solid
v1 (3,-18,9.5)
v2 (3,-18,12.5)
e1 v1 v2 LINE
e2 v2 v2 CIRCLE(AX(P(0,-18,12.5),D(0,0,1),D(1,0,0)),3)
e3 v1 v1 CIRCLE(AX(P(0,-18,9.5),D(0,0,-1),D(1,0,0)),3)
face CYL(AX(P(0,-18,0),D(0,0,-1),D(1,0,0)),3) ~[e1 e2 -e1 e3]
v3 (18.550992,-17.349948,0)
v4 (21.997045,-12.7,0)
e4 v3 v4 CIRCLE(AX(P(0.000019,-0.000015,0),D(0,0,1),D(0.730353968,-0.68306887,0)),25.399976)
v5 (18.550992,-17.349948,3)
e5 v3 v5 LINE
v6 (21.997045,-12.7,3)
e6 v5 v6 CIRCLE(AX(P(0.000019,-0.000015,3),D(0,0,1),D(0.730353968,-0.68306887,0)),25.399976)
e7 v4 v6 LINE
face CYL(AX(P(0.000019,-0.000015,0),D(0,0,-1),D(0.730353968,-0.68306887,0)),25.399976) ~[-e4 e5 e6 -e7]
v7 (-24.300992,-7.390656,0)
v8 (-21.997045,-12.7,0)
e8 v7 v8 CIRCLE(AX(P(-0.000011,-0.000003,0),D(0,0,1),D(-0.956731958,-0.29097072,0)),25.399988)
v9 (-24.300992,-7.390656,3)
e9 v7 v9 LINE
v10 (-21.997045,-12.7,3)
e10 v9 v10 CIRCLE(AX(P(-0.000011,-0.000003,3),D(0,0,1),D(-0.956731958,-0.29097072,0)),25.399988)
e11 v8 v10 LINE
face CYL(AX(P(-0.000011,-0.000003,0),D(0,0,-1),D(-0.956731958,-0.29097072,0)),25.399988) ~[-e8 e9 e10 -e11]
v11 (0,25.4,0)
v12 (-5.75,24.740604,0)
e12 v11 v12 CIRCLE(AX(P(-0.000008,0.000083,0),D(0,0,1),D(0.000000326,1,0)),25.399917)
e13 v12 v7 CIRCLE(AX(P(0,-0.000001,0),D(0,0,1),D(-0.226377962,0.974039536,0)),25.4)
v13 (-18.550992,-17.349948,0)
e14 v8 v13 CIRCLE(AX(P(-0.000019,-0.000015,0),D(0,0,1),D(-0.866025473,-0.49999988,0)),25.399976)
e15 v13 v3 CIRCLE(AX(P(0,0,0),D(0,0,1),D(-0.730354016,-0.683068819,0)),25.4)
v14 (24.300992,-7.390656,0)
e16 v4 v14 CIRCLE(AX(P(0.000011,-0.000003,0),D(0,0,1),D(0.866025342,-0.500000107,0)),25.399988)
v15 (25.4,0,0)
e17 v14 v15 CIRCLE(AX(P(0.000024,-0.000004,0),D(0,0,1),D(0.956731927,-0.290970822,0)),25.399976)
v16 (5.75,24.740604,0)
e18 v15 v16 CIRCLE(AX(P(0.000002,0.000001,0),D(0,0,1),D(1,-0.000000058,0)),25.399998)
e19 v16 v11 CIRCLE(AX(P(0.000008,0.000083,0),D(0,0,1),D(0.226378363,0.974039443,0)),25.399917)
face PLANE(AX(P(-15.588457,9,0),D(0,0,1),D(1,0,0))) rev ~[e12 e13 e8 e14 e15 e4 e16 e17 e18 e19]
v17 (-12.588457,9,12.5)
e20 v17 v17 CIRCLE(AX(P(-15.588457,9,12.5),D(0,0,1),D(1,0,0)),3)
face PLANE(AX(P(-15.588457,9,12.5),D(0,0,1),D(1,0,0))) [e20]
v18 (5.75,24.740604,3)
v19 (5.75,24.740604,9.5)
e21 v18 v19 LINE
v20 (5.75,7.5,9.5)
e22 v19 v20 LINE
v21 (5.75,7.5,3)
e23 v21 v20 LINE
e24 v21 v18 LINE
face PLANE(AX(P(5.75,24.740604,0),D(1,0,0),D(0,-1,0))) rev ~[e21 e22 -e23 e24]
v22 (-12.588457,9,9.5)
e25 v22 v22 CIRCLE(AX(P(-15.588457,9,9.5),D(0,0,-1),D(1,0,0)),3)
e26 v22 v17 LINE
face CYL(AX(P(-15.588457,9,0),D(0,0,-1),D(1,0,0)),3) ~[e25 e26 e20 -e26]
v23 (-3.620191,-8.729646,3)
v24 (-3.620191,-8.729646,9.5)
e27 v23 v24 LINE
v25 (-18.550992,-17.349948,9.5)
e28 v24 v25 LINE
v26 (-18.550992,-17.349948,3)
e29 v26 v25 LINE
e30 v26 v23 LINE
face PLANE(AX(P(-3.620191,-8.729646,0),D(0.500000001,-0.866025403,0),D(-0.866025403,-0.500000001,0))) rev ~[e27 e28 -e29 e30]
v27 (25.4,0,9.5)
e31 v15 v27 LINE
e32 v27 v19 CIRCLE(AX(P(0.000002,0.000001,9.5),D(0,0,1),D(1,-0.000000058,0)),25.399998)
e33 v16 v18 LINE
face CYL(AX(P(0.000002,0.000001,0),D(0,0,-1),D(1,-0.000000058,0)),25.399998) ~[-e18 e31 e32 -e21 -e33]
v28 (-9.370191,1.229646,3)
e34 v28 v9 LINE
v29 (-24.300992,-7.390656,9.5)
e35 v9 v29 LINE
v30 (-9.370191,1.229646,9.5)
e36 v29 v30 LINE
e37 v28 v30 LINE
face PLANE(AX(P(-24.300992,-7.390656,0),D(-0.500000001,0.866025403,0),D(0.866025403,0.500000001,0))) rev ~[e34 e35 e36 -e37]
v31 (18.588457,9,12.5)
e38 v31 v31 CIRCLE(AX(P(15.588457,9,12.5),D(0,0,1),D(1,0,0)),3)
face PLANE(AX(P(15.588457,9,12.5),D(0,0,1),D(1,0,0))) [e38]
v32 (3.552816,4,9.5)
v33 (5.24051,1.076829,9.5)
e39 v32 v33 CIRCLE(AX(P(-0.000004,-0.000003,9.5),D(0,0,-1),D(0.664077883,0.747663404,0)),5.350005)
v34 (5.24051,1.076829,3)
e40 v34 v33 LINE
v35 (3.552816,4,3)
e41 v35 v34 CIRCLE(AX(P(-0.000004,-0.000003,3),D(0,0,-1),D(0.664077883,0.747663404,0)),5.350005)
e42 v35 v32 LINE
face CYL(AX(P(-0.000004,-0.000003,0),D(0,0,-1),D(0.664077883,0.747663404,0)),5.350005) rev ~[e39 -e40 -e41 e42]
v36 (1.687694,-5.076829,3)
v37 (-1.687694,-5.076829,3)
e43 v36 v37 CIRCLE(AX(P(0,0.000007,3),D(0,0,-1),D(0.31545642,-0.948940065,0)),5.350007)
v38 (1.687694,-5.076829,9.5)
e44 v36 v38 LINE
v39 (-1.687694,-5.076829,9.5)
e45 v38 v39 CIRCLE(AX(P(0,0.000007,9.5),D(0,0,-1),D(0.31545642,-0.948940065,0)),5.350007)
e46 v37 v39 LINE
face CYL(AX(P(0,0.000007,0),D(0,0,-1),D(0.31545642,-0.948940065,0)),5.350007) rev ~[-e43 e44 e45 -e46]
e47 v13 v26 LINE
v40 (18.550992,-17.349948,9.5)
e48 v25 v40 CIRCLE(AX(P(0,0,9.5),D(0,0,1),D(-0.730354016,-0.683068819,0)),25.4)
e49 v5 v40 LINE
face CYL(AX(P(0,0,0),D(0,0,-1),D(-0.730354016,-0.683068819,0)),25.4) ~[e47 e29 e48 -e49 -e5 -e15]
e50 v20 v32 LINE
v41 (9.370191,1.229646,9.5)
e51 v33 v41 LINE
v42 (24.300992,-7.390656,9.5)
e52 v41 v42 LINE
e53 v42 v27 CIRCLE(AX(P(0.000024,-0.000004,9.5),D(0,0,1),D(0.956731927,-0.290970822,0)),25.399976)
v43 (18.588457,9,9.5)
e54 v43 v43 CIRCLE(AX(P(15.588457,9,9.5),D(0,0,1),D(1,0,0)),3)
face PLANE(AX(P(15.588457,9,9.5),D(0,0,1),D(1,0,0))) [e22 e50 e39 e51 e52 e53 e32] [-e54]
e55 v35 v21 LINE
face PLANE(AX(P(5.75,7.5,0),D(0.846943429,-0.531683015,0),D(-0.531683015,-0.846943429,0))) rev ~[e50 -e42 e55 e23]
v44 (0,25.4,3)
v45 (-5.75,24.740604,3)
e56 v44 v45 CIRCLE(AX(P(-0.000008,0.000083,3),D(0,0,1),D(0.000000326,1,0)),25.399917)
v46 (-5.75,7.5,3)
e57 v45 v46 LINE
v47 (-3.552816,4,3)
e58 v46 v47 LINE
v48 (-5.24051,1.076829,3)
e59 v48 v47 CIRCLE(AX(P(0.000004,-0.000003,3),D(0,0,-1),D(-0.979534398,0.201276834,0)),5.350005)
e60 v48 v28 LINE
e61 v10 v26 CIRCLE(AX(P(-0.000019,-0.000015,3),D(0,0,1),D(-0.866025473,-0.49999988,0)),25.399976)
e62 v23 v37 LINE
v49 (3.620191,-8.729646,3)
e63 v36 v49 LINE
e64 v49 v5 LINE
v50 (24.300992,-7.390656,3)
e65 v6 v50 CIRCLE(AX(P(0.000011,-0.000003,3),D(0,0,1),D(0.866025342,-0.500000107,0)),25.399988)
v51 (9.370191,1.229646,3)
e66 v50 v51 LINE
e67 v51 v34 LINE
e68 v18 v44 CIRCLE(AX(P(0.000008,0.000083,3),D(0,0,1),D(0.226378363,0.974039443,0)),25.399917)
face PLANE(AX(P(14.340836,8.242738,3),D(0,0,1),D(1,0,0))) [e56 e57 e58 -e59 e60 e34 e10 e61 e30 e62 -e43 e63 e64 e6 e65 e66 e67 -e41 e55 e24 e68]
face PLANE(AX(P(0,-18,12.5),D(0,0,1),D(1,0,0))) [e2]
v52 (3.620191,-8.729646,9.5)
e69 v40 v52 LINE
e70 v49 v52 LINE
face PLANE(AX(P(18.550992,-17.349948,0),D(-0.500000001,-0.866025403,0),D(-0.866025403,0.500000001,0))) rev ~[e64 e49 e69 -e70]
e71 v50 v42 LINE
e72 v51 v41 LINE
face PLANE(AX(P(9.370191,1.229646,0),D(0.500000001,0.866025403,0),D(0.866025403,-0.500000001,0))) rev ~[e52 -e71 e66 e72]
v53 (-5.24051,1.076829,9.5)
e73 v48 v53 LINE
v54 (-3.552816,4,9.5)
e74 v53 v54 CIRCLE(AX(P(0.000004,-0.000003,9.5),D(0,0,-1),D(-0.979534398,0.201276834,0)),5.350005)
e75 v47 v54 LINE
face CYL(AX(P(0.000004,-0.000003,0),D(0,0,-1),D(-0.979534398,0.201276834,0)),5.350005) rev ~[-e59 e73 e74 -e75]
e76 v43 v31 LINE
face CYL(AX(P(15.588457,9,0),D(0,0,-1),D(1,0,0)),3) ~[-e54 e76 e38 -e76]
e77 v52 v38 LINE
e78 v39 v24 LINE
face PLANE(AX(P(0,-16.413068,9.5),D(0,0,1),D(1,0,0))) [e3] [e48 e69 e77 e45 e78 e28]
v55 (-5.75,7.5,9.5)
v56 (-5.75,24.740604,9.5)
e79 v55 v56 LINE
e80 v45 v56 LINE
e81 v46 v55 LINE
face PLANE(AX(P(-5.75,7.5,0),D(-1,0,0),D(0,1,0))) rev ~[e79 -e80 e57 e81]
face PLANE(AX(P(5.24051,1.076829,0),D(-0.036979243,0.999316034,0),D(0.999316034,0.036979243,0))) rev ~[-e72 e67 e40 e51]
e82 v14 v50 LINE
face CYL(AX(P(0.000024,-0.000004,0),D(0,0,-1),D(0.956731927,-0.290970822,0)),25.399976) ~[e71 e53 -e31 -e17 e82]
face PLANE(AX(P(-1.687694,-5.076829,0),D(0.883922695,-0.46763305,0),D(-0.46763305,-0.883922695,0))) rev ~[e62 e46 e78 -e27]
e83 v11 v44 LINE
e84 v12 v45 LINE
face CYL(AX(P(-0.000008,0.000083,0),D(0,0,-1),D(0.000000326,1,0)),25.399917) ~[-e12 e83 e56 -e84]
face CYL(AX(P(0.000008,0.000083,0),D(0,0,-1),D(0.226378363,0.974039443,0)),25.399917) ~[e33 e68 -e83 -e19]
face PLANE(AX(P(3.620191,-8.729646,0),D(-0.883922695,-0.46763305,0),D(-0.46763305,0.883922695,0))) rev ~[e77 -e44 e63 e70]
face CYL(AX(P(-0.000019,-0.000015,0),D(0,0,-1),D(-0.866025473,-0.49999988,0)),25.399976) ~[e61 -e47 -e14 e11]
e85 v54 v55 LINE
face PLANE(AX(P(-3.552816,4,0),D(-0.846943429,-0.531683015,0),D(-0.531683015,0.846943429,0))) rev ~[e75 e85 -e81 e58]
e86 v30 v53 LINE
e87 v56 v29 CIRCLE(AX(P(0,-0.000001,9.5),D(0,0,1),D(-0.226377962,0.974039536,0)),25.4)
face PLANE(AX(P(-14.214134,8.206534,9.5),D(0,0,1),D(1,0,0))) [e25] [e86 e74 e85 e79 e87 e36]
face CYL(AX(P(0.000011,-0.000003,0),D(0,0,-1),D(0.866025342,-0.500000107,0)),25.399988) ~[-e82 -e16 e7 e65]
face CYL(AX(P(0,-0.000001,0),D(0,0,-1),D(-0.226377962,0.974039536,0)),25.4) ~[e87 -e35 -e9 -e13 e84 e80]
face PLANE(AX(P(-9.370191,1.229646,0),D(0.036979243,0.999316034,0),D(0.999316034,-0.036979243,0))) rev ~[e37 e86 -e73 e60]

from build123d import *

# Parameters (mm, degrees)
F0_R     = 3
F1_DEPTH = 3
F2_DEPTH = 9.5
F3_DEPTH = 12.5


with BuildPart() as f1:
    # F0 (on Top) → F1 (new body)
    with BuildSketch(Plane.XY):
        with BuildLine():
            ThreePointArc((3.552816, 4), (4.633236, 2.675), (5.24051, 1.076829))
            Line((5.24051, 1.076829), (9.370191, 1.229646))
            Line((9.370191, 1.229646), (24.300992, -7.390656))
            ThreePointArc((24.300992, -7.390656), (25.123746, -3.735961), (25.4, 0))
            ThreePointArc((25.4, 0), (19.889822, 15.79731), (5.75, 24.740604))
            Line((5.75, 24.740604), (5.75, 7.5))
            Line((5.75, 7.5), (3.552816, 4))
        make_face()
        with Locations((15.588457, 9)):
            Circle(F0_R, mode=Mode.SUBTRACT)
        with Locations((15.588457, 9)):
            Circle(F0_R)
        with BuildLine():
            ThreePointArc((-3.552816, 4), (0, 5.35), (3.552816, 4))
            Line((3.552816, 4), (5.75, 7.5))
            Line((5.75, 7.5), (5.75, 24.740604))
            ThreePointArc((5.75, 24.740604), (2.893843, 25.234613), (0, 25.4))
            ThreePointArc((0, 25.4), (-2.893843, 25.234613), (-5.75, 24.740604))
            Line((-5.75, 24.740604), (-5.75, 7.5))
            Line((-5.75, 7.5), (-3.552816, 4))
        make_face()
        with BuildLine():
            ThreePointArc((-5.24051, 1.076829), (-4.633236, 2.675), (-3.552816, 4))
            Line((-3.552816, 4), (-5.75, 7.5))
            Line((-5.75, 7.5), (-5.75, 24.740604))
            ThreePointArc((-5.75, 24.740604), (-21.997045, 12.7), (-24.300992, -7.390656))
            Line((-24.300992, -7.390656), (-9.370191, 1.229646))
            Line((-9.370191, 1.229646), (-5.24051, 1.076829))
        make_face()
        with Locations((-15.588457, 9)):
            Circle(F0_R, mode=Mode.SUBTRACT)
        with Locations((-15.588457, 9)):
            Circle(F0_R)
        with BuildLine():
            Line((-3.620191, -8.729646), (-1.687694, -5.076829))
            ThreePointArc((-1.687694, -5.076829), (-4.633236, -2.675), (-5.24051, 1.076829))
            Line((-5.24051, 1.076829), (-9.370191, 1.229646))
            Line((-9.370191, 1.229646), (-24.300992, -7.390656))
            ThreePointArc((-24.300992, -7.390656), (-23.300737, -10.111165), (-21.997045, -12.7))
            ThreePointArc((-21.997045, -12.7), (-20.406894, -15.123448), (-18.550992, -17.349948))
            Line((-18.550992, -17.349948), (-3.620191, -8.729646))
        make_face()
        with BuildLine():
            ThreePointArc((1.687694, -5.076829), (4.338874, -3.129963), (5.35, 0))
            ThreePointArc((5.35, 0), (5.322557, 0.54119), (5.24051, 1.076829))
            ThreePointArc((5.24051, 1.076829), (4.633236, 2.675), (3.552816, 4))
            ThreePointArc((3.552816, 4), (0, 5.35), (-3.552816, 4))
            ThreePointArc((-3.552816, 4), (-4.633236, 2.675), (-5.24051, 1.076829))
            ThreePointArc((-5.24051, 1.076829), (-4.633236, -2.675), (-1.687694, -5.076829))
            ThreePointArc((-1.687694, -5.076829), (0, -5.35), (1.687694, -5.076829))
        make_face()
        with BuildLine():
            ThreePointArc((5.24051, 1.076829), (5.322557, 0.54119), (5.35, 0))
            ThreePointArc((5.35, 0), (4.338874, -3.129963), (1.687694, -5.076829))
            Line((1.687694, -5.076829), (3.620191, -8.729646))
            Line((3.620191, -8.729646), (18.550992, -17.349948))
            ThreePointArc((18.550992, -17.349948), (20.406894, -15.123448), (21.997045, -12.7))
            ThreePointArc((21.997045, -12.7), (23.300737, -10.111165), (24.300992, -7.390656))
            Line((24.300992, -7.390656), (9.370191, 1.229646))
            Line((9.370191, 1.229646), (5.24051, 1.076829))
        make_face()
        with BuildLine():
            Line((3.620191, -8.729646), (1.687694, -5.076829))
            ThreePointArc((1.687694, -5.076829), (0, -5.35), (-1.687694, -5.076829))
            Line((-1.687694, -5.076829), (-3.620191, -8.729646))
            Line((-3.620191, -8.729646), (-18.550992, -17.349948))
            ThreePointArc((-18.550992, -17.349948), (0, -25.4), (18.550992, -17.349948))
            Line((18.550992, -17.349948), (3.620191, -8.729646))
        make_face()
        with Locations((0, -18)):
            Circle(F0_R, mode=Mode.SUBTRACT)
        with Locations((0, -18)):
            Circle(F0_R)
    extrude(amount=F1_DEPTH)

    # F0 (on Top) → F2 (join)
    with BuildSketch(Plane.XY):
        with BuildLine():
            ThreePointArc((-5.24051, 1.076829), (-4.633236, 2.675), (-3.552816, 4))
            Line((-3.552816, 4), (-5.75, 7.5))
            Line((-5.75, 7.5), (-5.75, 24.740604))
            ThreePointArc((-5.75, 24.740604), (-21.997045, 12.7), (-24.300992, -7.390656))
            Line((-24.300992, -7.390656), (-9.370191, 1.229646))
            Line((-9.370191, 1.229646), (-5.24051, 1.076829))
        make_face()
        with Locations((-15.588457, 9)):
            Circle(F0_R, mode=Mode.SUBTRACT)
        with Locations((-15.588457, 9)):
            Circle(F0_R)
        with Locations((15.588457, 9)):
            Circle(F0_R)
        with BuildLine():
            ThreePointArc((3.552816, 4), (4.633236, 2.675), (5.24051, 1.076829))
            Line((5.24051, 1.076829), (9.370191, 1.229646))
            Line((9.370191, 1.229646), (24.300992, -7.390656))
            ThreePointArc((24.300992, -7.390656), (25.123746, -3.735961), (25.4, 0))
            ThreePointArc((25.4, 0), (19.889822, 15.79731), (5.75, 24.740604))
            Line((5.75, 24.740604), (5.75, 7.5))
            Line((5.75, 7.5), (3.552816, 4))
        make_face()
        with Locations((15.588457, 9)):
            Circle(F0_R, mode=Mode.SUBTRACT)
        with BuildLine():
            Line((3.620191, -8.729646), (1.687694, -5.076829))
            ThreePointArc((1.687694, -5.076829), (0, -5.35), (-1.687694, -5.076829))
            Line((-1.687694, -5.076829), (-3.620191, -8.729646))
            Line((-3.620191, -8.729646), (-18.550992, -17.349948))
            ThreePointArc((-18.550992, -17.349948), (0, -25.4), (18.550992, -17.349948))
            Line((18.550992, -17.349948), (3.620191, -8.729646))
        make_face()
        with Locations((0, -18)):
            Circle(F0_R, mode=Mode.SUBTRACT)
        with Locations((0, -18)):
            Circle(F0_R)
    extrude(amount=F2_DEPTH)

    # F0 (on Top) → F3 (join)
    with BuildSketch(Plane.XY):
        with Locations((-15.588457, 9)):
            Circle(F0_R)
        with Locations((0, -18)):
            Circle(F0_R)
        with Locations((15.588457, 9)):
            Circle(F0_R)
    extrude(amount=F3_DEPTH)


solid = f1.part
